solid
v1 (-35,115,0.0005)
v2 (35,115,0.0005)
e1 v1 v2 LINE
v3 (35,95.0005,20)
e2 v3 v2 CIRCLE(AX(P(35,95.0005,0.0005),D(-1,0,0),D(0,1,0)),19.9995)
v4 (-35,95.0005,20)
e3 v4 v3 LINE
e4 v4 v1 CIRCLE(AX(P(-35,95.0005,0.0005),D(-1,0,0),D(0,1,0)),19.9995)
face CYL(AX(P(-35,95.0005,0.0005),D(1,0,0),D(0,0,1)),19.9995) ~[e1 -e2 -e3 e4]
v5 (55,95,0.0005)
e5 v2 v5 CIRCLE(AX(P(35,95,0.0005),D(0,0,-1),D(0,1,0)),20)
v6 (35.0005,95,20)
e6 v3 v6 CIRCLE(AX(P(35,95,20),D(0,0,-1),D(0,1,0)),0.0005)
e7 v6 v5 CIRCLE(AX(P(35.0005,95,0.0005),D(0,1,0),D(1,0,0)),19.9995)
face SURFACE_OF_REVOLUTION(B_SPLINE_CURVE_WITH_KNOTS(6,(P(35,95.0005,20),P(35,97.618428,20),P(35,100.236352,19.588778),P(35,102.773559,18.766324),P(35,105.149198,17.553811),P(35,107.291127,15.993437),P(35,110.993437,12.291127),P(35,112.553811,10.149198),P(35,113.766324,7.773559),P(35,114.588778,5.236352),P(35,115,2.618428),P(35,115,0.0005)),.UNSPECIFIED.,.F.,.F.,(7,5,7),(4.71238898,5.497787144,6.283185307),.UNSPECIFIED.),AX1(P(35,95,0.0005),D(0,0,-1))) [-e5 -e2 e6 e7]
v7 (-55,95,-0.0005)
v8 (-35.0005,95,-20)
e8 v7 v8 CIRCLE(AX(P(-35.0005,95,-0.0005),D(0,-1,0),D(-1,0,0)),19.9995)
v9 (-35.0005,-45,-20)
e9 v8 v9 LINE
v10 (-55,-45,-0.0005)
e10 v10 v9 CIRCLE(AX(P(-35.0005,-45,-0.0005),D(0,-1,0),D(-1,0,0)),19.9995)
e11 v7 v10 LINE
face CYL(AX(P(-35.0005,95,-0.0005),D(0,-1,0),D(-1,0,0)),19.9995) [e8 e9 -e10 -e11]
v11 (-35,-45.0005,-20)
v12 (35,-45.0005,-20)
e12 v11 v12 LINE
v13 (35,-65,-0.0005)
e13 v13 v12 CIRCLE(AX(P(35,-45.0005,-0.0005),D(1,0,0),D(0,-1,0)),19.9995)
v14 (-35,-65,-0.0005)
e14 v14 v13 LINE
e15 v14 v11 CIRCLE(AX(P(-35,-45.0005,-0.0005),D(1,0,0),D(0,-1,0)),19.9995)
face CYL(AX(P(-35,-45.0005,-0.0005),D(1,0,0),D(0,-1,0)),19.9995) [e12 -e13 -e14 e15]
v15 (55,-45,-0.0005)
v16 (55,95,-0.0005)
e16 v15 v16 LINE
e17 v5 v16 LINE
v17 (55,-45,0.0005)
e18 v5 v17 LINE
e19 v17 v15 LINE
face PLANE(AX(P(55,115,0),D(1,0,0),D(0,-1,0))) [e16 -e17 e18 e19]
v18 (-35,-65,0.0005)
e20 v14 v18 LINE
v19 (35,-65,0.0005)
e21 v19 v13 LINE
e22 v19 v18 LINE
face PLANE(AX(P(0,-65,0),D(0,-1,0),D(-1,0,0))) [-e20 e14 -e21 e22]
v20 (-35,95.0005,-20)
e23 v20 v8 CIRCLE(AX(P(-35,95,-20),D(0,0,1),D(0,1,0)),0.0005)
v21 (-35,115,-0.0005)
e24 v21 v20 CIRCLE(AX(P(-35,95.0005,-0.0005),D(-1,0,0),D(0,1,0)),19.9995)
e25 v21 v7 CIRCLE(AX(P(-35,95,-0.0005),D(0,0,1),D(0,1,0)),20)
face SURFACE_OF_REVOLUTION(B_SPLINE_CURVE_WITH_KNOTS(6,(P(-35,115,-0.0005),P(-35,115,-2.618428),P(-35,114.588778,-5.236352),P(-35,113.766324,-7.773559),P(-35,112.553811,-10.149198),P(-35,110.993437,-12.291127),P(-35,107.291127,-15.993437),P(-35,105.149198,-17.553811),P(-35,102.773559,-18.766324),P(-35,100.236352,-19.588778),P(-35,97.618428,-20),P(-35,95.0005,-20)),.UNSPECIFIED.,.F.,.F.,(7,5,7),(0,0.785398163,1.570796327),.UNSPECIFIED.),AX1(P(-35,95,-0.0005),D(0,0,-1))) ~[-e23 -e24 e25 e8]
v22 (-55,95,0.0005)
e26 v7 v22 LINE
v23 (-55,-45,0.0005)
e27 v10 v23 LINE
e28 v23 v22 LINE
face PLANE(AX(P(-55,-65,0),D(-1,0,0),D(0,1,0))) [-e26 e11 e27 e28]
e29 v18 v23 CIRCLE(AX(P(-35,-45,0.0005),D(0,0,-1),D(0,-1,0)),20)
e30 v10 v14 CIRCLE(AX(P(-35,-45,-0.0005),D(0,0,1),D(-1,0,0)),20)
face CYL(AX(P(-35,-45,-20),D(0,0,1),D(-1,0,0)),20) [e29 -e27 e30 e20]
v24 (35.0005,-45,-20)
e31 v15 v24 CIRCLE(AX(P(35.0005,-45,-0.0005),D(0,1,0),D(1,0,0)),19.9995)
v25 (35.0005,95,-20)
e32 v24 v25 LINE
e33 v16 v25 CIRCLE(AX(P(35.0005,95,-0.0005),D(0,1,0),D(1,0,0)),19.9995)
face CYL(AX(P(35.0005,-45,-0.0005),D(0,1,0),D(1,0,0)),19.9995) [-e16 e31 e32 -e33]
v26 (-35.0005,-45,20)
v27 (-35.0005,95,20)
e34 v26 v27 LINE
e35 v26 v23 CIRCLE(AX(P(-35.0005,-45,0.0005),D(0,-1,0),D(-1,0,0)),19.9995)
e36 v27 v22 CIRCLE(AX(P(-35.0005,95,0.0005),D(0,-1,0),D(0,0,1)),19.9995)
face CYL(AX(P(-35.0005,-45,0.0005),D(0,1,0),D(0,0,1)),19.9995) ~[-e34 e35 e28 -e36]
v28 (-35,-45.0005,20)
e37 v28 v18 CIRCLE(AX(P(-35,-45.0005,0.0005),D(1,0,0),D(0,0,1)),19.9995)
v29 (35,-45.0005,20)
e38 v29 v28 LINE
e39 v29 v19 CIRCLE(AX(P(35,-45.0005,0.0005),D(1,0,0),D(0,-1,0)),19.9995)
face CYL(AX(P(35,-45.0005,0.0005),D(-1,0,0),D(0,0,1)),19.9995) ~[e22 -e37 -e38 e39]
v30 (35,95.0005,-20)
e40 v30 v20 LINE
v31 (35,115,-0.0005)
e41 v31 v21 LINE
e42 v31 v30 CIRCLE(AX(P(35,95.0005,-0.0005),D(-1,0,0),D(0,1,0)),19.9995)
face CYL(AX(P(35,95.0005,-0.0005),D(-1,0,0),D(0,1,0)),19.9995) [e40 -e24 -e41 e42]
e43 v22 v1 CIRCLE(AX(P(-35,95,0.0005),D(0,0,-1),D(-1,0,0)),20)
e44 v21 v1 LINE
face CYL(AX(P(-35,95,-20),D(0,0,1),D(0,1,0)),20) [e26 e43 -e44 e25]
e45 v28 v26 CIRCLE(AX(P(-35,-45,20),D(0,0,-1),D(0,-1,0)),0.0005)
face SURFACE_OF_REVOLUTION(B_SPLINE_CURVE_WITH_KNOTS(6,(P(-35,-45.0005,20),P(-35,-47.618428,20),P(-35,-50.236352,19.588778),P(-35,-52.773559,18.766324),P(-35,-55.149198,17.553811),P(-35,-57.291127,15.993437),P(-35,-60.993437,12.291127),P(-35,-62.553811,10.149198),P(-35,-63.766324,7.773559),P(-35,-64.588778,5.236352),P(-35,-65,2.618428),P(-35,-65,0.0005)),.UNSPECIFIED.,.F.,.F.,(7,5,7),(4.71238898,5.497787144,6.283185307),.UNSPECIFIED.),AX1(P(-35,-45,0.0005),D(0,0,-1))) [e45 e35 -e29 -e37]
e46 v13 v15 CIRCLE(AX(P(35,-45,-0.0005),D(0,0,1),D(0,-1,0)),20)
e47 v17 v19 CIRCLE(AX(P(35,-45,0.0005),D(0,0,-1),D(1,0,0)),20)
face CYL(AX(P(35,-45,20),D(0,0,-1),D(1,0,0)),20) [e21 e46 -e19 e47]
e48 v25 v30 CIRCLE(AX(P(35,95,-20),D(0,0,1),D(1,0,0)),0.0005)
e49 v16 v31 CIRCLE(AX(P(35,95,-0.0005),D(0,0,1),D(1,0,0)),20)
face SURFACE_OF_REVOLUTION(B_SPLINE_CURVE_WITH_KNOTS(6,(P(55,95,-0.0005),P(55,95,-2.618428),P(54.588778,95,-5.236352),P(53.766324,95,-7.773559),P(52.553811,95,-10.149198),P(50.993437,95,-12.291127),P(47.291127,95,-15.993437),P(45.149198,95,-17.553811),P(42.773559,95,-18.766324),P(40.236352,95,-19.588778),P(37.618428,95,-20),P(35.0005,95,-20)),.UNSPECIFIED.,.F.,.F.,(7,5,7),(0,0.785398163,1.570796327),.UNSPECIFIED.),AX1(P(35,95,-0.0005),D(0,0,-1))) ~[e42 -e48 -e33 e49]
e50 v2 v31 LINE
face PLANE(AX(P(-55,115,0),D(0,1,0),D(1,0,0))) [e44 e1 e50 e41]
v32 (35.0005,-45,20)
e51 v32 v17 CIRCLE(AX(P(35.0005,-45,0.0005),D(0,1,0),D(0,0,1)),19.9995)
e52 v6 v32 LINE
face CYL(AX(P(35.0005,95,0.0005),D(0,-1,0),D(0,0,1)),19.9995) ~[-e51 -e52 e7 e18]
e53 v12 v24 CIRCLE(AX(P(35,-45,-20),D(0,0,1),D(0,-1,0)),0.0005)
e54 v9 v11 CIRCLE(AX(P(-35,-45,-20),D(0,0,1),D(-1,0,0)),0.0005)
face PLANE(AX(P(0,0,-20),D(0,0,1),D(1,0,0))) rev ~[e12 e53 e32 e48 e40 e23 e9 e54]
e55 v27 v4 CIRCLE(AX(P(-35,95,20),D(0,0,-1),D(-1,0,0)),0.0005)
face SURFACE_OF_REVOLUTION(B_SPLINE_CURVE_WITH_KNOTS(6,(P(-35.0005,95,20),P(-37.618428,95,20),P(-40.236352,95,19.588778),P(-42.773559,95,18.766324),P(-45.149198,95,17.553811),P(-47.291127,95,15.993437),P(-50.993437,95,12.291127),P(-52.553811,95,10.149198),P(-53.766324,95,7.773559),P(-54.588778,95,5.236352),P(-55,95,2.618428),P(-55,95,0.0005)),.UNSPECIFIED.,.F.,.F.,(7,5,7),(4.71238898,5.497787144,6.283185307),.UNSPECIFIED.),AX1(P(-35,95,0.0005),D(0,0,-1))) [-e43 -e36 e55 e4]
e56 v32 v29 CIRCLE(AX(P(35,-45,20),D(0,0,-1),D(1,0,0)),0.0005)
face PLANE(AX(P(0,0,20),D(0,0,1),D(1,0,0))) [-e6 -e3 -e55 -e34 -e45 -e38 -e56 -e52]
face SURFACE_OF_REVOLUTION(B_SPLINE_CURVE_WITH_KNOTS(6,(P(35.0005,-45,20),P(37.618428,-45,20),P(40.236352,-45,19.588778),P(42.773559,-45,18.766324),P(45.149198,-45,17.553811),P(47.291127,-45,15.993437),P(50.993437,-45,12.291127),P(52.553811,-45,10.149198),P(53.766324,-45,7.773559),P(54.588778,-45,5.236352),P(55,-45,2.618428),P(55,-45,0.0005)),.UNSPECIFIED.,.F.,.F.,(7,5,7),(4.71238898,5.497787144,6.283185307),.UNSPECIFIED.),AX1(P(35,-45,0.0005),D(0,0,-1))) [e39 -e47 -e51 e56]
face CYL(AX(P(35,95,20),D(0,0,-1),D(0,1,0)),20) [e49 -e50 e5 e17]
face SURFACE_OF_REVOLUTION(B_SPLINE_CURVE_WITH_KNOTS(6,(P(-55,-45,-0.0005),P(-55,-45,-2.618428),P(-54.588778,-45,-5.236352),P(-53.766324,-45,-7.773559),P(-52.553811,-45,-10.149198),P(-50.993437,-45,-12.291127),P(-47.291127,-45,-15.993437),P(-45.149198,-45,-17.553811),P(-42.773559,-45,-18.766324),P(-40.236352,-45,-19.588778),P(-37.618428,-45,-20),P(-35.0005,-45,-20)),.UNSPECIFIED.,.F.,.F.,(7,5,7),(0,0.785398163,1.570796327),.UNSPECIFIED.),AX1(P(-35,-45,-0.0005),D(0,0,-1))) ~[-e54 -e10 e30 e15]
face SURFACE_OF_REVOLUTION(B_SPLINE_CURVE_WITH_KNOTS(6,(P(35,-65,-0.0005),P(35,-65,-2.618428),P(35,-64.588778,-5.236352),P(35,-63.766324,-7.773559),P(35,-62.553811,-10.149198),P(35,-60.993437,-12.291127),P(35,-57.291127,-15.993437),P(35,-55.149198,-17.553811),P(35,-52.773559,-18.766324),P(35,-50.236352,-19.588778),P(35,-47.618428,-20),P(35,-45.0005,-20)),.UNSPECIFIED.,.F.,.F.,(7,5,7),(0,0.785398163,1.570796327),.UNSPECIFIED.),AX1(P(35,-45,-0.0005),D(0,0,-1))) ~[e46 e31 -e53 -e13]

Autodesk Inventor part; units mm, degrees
ref_plane "XZ Plane" through (0, 0, 0) normal (0, 1, 0) x (-1, 0, 0)
ref_plane "XY Plane" through (0, 0, 0) normal (0, 0, 1) x (1, 0, 0)
sketch "草圖1" plane through (0, 0, 0) normal (0, 0, 1) x (1, 0, 0)
  line L0 (-55, 115) -> (55, 115)
  line L1 (55, 115) -> (55, -65)
  line L2 (55, -65) -> (-55, -65)
  line L3 (-55, -65) -> (-55, 115)
  line L4 (-55, 115) -> (55, -65) construction
  line L5 (55, 115) -> (-55, -65) construction
  line L6 (0, 0) -> (0, -31.0112) construction
  line L7 (0, 151) -> (0, -101) projected
  point P0 (0, 25)
  point P1 (0, 25)
  dimension "d0" = 110
  dimension "d1" = 180
  dimension "d7" = 25
extrude "擠出1" add sketch "草圖1" along normal mid plane 40
fillet "圓角1" radius 20 4 edges at (55, 115, 0) (-55, 115, 0) (55, -65, 0) (-55, -65, 0)
fillet "圓角2" radius 20 16 edges at (49.1421, 109.1421, 20) (0, 115, 20) (-49.1421, 109.1421, 20) (-55, 25, 20) (-49.1421, -59.1421, 20) (0, -65, 20) (49.1421, -59.1421, 20) (55, 25, 20) (0, 115, -20) (-49.1421, 109.1421, -20) (-55, 25, -20) (-49.1421, -59.1421, -20) (0, -65, -20) (49.1421, -59.1421, -20) (55, 25, -20) (49.1421, 109.1421, -20)
ref_plane "工作平面1" through (-12, 0, 0) normal (1, 0, 0) x (0, 1, 0)
properties part number "模擬商品"
